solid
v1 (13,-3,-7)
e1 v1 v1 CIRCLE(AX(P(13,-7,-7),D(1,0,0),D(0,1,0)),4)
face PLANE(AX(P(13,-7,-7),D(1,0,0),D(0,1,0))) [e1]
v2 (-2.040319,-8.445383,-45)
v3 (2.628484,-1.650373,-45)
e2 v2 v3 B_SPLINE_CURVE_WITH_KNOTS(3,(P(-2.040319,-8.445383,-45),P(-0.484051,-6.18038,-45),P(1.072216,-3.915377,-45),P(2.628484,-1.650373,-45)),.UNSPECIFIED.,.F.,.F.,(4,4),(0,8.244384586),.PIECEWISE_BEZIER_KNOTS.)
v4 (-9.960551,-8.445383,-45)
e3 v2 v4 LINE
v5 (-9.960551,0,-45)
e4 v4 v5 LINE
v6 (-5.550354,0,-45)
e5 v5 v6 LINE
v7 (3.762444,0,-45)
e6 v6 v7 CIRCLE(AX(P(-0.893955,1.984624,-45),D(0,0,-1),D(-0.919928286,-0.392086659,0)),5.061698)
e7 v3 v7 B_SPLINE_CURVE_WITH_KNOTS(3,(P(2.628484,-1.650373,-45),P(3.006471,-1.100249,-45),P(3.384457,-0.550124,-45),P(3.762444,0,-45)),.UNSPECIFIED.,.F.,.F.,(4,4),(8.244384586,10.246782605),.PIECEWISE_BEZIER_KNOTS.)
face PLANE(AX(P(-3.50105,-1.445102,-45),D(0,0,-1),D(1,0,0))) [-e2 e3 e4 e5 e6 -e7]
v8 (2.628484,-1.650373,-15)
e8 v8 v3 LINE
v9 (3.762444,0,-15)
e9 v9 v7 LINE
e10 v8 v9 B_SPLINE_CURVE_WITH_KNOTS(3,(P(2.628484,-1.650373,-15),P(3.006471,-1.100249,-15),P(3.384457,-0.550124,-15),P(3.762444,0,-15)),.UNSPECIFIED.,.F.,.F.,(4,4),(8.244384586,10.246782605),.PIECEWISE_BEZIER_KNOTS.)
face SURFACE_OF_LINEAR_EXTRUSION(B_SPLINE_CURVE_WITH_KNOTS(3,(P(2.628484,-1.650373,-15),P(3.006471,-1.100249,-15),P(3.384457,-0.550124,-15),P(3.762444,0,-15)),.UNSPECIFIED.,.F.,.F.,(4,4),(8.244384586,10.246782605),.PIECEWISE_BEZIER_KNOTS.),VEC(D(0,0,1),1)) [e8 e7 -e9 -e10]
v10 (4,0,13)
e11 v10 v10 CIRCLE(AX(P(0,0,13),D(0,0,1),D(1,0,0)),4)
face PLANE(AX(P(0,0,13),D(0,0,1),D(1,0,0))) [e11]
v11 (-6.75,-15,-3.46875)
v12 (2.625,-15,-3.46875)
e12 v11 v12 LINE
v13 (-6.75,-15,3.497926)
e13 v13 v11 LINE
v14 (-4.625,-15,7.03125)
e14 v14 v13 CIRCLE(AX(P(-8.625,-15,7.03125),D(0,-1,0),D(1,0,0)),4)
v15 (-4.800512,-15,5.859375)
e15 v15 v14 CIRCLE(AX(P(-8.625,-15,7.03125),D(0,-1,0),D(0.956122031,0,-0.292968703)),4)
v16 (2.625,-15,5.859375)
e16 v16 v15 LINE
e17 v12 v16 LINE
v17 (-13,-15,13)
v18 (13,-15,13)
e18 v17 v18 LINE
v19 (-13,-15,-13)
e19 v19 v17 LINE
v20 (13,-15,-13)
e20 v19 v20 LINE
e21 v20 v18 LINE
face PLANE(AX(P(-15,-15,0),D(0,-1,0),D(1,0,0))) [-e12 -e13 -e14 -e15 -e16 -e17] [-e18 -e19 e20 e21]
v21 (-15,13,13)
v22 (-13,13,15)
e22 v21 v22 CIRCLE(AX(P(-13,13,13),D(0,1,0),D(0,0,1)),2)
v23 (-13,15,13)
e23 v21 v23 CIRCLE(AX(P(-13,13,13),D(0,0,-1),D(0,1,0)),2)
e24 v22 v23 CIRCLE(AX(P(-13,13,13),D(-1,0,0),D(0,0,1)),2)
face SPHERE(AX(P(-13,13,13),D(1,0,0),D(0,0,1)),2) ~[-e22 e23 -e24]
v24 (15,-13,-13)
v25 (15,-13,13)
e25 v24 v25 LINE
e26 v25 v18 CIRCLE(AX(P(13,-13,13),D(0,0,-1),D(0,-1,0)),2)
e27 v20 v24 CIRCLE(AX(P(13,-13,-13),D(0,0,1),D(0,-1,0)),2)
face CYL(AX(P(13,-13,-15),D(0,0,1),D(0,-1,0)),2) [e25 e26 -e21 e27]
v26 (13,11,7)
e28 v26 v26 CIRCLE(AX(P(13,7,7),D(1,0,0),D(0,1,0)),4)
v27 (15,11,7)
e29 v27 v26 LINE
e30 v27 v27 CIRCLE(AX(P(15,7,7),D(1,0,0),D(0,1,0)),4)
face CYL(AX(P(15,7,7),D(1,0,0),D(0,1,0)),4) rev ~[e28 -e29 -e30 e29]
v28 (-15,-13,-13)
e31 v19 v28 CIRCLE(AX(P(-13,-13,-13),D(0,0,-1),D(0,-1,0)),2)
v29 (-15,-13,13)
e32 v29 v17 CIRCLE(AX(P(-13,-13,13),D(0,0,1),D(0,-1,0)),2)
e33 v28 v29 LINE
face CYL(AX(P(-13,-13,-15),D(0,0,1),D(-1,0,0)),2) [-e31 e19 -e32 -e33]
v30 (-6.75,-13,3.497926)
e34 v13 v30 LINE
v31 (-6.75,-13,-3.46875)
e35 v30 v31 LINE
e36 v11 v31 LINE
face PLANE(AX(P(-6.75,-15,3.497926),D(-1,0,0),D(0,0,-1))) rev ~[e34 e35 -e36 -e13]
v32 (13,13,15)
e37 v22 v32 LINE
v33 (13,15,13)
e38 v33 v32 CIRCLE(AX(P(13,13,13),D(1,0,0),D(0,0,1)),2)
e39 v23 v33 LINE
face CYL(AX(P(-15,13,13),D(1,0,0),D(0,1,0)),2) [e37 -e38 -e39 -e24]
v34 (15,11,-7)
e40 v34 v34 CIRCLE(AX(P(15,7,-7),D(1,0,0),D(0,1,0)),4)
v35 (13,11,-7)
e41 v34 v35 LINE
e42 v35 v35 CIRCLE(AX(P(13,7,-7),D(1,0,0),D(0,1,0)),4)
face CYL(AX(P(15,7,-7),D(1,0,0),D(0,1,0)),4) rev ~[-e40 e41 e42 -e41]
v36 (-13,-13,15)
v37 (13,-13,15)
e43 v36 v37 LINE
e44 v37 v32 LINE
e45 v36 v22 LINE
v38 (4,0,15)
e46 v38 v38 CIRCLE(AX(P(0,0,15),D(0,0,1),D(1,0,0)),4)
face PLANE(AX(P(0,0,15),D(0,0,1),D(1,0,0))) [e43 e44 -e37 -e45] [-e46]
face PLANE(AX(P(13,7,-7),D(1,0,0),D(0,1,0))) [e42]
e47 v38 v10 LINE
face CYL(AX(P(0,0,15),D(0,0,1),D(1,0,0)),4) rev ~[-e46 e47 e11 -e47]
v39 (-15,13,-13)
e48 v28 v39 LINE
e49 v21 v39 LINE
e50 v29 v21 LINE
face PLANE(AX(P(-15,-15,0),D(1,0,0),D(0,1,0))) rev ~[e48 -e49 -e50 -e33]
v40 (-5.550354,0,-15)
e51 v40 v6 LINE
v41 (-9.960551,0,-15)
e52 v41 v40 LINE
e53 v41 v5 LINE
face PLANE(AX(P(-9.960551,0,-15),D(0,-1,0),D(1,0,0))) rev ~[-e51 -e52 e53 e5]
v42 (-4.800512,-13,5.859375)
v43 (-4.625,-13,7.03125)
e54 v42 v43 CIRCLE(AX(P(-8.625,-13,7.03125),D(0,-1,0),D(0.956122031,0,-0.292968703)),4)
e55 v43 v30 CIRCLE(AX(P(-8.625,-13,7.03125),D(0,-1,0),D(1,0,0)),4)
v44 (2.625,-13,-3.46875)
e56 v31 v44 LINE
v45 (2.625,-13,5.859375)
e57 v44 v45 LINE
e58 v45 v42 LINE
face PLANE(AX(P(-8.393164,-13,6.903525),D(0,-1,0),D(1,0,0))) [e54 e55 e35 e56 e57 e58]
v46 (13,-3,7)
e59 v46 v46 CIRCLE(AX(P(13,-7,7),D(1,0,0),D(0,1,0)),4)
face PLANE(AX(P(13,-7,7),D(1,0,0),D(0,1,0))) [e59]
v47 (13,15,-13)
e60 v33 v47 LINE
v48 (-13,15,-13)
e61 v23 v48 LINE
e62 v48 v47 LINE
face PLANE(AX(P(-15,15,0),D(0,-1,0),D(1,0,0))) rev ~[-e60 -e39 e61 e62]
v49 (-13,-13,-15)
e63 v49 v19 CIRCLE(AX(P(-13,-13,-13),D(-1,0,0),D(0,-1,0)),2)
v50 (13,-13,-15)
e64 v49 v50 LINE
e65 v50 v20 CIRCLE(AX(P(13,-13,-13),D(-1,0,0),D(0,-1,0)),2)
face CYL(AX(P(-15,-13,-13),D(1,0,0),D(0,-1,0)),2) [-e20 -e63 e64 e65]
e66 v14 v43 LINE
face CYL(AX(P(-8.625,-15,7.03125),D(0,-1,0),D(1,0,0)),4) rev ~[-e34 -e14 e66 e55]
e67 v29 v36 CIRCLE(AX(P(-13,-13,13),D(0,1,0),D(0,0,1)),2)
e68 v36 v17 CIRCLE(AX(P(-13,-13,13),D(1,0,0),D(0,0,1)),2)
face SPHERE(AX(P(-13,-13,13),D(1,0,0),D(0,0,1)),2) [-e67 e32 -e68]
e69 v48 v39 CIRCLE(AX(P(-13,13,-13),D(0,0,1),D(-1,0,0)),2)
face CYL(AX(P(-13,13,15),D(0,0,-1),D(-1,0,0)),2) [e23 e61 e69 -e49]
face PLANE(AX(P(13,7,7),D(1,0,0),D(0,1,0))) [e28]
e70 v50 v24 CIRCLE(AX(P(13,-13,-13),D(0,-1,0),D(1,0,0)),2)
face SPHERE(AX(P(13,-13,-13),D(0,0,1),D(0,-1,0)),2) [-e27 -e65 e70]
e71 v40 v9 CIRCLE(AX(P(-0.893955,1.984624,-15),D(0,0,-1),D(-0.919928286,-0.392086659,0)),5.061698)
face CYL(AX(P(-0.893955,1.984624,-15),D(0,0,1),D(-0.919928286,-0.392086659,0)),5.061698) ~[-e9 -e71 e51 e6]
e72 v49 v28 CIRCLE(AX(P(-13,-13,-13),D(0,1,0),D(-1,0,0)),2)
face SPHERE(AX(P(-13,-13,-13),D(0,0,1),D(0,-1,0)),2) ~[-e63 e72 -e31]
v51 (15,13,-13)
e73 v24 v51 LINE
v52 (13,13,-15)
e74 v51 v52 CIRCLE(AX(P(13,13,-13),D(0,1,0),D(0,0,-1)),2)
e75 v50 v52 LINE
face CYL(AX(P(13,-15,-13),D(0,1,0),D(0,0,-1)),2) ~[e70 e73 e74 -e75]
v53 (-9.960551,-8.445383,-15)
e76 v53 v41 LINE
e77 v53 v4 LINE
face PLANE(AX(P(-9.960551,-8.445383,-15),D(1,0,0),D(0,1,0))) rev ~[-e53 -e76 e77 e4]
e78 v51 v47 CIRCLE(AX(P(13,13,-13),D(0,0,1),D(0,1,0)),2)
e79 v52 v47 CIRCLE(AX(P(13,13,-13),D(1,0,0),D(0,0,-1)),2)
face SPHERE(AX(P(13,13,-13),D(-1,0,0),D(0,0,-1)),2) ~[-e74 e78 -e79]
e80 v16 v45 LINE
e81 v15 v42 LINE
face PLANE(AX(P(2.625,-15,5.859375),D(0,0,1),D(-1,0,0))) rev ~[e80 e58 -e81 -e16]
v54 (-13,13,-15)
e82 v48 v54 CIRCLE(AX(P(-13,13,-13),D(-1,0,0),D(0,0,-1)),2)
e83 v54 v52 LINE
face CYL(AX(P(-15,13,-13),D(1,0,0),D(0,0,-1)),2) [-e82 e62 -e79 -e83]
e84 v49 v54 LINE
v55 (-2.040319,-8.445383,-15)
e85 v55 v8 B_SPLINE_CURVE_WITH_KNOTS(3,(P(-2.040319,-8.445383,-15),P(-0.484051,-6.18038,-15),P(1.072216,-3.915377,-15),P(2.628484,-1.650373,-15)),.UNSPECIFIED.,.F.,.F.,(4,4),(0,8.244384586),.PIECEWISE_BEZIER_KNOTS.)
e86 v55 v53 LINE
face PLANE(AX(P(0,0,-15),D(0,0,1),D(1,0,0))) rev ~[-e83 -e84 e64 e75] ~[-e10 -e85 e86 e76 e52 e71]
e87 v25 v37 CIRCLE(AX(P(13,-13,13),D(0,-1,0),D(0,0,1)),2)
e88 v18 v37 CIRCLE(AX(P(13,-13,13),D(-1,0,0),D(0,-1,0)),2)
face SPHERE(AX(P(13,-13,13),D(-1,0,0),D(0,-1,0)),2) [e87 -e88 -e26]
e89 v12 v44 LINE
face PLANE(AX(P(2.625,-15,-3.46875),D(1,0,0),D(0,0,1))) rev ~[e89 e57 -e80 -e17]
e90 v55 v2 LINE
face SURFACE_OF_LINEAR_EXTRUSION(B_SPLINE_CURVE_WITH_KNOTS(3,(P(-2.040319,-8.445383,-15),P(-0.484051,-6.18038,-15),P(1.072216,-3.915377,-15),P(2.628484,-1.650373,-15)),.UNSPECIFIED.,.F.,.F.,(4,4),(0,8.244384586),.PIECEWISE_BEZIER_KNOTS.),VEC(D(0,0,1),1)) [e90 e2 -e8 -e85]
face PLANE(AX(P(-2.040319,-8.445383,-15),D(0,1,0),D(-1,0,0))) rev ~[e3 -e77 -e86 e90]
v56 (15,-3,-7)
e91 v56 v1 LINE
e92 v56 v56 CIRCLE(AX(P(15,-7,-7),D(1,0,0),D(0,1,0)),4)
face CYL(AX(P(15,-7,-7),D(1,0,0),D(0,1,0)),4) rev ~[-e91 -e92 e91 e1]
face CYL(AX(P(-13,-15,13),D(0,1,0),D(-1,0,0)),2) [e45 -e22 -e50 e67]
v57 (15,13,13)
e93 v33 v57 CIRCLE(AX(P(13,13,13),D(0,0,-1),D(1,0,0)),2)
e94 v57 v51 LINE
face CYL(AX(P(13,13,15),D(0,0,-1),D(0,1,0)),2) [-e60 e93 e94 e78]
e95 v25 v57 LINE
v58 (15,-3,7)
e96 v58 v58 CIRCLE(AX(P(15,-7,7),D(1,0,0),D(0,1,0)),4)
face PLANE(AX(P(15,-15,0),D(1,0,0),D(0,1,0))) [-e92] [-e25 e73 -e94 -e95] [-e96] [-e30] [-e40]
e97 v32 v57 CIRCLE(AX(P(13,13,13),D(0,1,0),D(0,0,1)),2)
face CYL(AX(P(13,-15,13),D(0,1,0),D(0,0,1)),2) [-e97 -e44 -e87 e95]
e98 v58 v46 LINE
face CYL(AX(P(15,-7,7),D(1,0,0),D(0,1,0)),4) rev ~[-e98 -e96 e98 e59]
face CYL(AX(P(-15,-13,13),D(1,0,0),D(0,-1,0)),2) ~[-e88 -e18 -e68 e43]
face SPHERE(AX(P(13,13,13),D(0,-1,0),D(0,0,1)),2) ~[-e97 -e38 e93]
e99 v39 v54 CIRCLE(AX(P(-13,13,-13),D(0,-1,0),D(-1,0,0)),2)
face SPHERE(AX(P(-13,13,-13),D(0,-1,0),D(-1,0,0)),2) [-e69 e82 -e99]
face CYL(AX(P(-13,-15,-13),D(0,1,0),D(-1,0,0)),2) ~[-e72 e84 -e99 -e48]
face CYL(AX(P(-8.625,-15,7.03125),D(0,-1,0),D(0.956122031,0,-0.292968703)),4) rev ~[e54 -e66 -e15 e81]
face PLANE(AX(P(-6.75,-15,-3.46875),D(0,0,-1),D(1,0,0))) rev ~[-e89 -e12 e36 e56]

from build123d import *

# Parameters (mm, degrees)
F0_W      = 30
F0_H      = 30
F1_DEPTH  = 15
F2_R      = 4
F3_DEPTH  = 2
F4_R      = 4
F5_DEPTH  = 2
F7_DEPTH  = 2
F8_R      = 2
F10_DEPTH = 30


with BuildPart() as f1:
    # F0 (on Top) → F1 (new body, symmetric)
    with BuildSketch(Plane.XY):
        Rectangle(F0_W, F0_H)
    extrude(amount=F1_DEPTH, both=True)

    # F2 (on face) → F3 (cut)
    with BuildSketch(Plane.XY.offset(15)):
        Circle(F2_R)
    extrude(amount=-F3_DEPTH, mode=Mode.SUBTRACT)

    # F4 (on face) → F5 (cut)
    with BuildSketch(Plane.YZ.offset(15)):
        with Locations((-7, -7)):
            Circle(F4_R)
        with Locations((7, -7)):
            Circle(F4_R)
        with Locations((7, 7)):
            Circle(F4_R)
        with Locations((-7, 7)):
            Circle(F4_R)
    extrude(amount=-F5_DEPTH, mode=Mode.SUBTRACT)

    # F6 (on face) → F7 (cut)
    with BuildSketch(Plane.XZ.offset(15)):
        with BuildLine():
            ThreePointArc((-4.8005116586, 5.859375), (-4.6691210888, 6.4387772411), (-4.6249997839, 7.0312498137))
            ThreePointArc((-4.6249997839, 7.0312498137), (-12.0528271059, 9.0928025904), (-6.7499997094, 3.497926347))
            Line((-6.7499997094, 3.497926347), (-6.7499997094, 5.859375))
            Line((-6.7499997094, 5.859375), (-4.8005116586, 5.859375))
        make_face()
        with BuildLine():
            Line((-6.7499997094, 5.859375), (-6.7499997094, 3.497926347))
            ThreePointArc((-6.7499997094, 3.497926347), (-5.5403358849, 4.4847132187), (-4.8005116586, 5.859375))
            Line((-4.8005116586, 5.859375), (-6.7499997094, 5.859375))
        make_face()
        with BuildLine():
            ThreePointArc((-4.8005116586, 5.859375), (-5.5403358849, 4.4847132187), (-6.7499997094, 3.497926347))
            Line((-6.7499997094, 3.497926347), (-6.7499997094, -3.4687498119))
            Line((-6.7499997094, -3.4687498119), (2.6249999646, -3.4687498119))
            Line((2.6249999646, -3.4687498119), (2.6249999646, 5.859375))
            Line((2.6249999646, 5.859375), (-4.8005116586, 5.859375))
        make_face()
    extrude(amount=-F7_DEPTH, mode=Mode.SUBTRACT)

    # F8
    f8_edges = [f1.edges().sort_by_distance(p)[0] for p in [
        (0, -15, 15),
        (15, -15, 0),
        (15, 0, 15),
        (0, 15, 15),
        (-15, 0, 15),
        (-15, -15, 0),
        (0, -15, -15),
        (-15, 0, -15),
        (-15, 15, 0),
        (0, 15, -15),
        (15, 0, -15),
        (15, 15, 0),
    ]]
    fillet(f8_edges, radius=F8_R)

    # F9 (on face) → F10 (join)
    with BuildSketch(Plane(origin=(0, 0, -15), x_dir=(1, 0, 0), z_dir=(0, 0, -1))):
        with BuildLine():
            Line((-2.0403189119, 8.4453830495), (-9.9605508149, 8.4453830495))
            Line((-9.9605508149, 8.4453830495), (-9.9605508149, 0))
            Line((-9.9605508149, 0), (-5.5503539013, 0))
            ThreePointArc((-5.5503539013, 0), (-0.8939548861, -7.0463220271), (3.7624441291, 0))
            add(Edge.make_bspline(
                [(2.6284841664, 1.6503734824), (3.0064708206, 1.1002489883), (3.3844574749, 0.5501244941), (3.7624441291, 0)],
                knots=[8.2443845859, 8.2443845859, 8.2443845859, 8.2443845859, 10.2467826055, 10.2467826055, 10.2467826055, 10.2467826055], degree=3))
            add(Edge.make_bspline(
                [(-2.0403189119, 8.4453830495), (-0.4840512191, 6.1803798605), (1.0722164736, 3.9153766715), (2.6284841664, 1.6503734824)],
                knots=[0, 0, 0, 0, 8.2443845859, 8.2443845859, 8.2443845859, 8.2443845859], degree=3))
        make_face()
    extrude(amount=F10_DEPTH)


solid = f1.part
